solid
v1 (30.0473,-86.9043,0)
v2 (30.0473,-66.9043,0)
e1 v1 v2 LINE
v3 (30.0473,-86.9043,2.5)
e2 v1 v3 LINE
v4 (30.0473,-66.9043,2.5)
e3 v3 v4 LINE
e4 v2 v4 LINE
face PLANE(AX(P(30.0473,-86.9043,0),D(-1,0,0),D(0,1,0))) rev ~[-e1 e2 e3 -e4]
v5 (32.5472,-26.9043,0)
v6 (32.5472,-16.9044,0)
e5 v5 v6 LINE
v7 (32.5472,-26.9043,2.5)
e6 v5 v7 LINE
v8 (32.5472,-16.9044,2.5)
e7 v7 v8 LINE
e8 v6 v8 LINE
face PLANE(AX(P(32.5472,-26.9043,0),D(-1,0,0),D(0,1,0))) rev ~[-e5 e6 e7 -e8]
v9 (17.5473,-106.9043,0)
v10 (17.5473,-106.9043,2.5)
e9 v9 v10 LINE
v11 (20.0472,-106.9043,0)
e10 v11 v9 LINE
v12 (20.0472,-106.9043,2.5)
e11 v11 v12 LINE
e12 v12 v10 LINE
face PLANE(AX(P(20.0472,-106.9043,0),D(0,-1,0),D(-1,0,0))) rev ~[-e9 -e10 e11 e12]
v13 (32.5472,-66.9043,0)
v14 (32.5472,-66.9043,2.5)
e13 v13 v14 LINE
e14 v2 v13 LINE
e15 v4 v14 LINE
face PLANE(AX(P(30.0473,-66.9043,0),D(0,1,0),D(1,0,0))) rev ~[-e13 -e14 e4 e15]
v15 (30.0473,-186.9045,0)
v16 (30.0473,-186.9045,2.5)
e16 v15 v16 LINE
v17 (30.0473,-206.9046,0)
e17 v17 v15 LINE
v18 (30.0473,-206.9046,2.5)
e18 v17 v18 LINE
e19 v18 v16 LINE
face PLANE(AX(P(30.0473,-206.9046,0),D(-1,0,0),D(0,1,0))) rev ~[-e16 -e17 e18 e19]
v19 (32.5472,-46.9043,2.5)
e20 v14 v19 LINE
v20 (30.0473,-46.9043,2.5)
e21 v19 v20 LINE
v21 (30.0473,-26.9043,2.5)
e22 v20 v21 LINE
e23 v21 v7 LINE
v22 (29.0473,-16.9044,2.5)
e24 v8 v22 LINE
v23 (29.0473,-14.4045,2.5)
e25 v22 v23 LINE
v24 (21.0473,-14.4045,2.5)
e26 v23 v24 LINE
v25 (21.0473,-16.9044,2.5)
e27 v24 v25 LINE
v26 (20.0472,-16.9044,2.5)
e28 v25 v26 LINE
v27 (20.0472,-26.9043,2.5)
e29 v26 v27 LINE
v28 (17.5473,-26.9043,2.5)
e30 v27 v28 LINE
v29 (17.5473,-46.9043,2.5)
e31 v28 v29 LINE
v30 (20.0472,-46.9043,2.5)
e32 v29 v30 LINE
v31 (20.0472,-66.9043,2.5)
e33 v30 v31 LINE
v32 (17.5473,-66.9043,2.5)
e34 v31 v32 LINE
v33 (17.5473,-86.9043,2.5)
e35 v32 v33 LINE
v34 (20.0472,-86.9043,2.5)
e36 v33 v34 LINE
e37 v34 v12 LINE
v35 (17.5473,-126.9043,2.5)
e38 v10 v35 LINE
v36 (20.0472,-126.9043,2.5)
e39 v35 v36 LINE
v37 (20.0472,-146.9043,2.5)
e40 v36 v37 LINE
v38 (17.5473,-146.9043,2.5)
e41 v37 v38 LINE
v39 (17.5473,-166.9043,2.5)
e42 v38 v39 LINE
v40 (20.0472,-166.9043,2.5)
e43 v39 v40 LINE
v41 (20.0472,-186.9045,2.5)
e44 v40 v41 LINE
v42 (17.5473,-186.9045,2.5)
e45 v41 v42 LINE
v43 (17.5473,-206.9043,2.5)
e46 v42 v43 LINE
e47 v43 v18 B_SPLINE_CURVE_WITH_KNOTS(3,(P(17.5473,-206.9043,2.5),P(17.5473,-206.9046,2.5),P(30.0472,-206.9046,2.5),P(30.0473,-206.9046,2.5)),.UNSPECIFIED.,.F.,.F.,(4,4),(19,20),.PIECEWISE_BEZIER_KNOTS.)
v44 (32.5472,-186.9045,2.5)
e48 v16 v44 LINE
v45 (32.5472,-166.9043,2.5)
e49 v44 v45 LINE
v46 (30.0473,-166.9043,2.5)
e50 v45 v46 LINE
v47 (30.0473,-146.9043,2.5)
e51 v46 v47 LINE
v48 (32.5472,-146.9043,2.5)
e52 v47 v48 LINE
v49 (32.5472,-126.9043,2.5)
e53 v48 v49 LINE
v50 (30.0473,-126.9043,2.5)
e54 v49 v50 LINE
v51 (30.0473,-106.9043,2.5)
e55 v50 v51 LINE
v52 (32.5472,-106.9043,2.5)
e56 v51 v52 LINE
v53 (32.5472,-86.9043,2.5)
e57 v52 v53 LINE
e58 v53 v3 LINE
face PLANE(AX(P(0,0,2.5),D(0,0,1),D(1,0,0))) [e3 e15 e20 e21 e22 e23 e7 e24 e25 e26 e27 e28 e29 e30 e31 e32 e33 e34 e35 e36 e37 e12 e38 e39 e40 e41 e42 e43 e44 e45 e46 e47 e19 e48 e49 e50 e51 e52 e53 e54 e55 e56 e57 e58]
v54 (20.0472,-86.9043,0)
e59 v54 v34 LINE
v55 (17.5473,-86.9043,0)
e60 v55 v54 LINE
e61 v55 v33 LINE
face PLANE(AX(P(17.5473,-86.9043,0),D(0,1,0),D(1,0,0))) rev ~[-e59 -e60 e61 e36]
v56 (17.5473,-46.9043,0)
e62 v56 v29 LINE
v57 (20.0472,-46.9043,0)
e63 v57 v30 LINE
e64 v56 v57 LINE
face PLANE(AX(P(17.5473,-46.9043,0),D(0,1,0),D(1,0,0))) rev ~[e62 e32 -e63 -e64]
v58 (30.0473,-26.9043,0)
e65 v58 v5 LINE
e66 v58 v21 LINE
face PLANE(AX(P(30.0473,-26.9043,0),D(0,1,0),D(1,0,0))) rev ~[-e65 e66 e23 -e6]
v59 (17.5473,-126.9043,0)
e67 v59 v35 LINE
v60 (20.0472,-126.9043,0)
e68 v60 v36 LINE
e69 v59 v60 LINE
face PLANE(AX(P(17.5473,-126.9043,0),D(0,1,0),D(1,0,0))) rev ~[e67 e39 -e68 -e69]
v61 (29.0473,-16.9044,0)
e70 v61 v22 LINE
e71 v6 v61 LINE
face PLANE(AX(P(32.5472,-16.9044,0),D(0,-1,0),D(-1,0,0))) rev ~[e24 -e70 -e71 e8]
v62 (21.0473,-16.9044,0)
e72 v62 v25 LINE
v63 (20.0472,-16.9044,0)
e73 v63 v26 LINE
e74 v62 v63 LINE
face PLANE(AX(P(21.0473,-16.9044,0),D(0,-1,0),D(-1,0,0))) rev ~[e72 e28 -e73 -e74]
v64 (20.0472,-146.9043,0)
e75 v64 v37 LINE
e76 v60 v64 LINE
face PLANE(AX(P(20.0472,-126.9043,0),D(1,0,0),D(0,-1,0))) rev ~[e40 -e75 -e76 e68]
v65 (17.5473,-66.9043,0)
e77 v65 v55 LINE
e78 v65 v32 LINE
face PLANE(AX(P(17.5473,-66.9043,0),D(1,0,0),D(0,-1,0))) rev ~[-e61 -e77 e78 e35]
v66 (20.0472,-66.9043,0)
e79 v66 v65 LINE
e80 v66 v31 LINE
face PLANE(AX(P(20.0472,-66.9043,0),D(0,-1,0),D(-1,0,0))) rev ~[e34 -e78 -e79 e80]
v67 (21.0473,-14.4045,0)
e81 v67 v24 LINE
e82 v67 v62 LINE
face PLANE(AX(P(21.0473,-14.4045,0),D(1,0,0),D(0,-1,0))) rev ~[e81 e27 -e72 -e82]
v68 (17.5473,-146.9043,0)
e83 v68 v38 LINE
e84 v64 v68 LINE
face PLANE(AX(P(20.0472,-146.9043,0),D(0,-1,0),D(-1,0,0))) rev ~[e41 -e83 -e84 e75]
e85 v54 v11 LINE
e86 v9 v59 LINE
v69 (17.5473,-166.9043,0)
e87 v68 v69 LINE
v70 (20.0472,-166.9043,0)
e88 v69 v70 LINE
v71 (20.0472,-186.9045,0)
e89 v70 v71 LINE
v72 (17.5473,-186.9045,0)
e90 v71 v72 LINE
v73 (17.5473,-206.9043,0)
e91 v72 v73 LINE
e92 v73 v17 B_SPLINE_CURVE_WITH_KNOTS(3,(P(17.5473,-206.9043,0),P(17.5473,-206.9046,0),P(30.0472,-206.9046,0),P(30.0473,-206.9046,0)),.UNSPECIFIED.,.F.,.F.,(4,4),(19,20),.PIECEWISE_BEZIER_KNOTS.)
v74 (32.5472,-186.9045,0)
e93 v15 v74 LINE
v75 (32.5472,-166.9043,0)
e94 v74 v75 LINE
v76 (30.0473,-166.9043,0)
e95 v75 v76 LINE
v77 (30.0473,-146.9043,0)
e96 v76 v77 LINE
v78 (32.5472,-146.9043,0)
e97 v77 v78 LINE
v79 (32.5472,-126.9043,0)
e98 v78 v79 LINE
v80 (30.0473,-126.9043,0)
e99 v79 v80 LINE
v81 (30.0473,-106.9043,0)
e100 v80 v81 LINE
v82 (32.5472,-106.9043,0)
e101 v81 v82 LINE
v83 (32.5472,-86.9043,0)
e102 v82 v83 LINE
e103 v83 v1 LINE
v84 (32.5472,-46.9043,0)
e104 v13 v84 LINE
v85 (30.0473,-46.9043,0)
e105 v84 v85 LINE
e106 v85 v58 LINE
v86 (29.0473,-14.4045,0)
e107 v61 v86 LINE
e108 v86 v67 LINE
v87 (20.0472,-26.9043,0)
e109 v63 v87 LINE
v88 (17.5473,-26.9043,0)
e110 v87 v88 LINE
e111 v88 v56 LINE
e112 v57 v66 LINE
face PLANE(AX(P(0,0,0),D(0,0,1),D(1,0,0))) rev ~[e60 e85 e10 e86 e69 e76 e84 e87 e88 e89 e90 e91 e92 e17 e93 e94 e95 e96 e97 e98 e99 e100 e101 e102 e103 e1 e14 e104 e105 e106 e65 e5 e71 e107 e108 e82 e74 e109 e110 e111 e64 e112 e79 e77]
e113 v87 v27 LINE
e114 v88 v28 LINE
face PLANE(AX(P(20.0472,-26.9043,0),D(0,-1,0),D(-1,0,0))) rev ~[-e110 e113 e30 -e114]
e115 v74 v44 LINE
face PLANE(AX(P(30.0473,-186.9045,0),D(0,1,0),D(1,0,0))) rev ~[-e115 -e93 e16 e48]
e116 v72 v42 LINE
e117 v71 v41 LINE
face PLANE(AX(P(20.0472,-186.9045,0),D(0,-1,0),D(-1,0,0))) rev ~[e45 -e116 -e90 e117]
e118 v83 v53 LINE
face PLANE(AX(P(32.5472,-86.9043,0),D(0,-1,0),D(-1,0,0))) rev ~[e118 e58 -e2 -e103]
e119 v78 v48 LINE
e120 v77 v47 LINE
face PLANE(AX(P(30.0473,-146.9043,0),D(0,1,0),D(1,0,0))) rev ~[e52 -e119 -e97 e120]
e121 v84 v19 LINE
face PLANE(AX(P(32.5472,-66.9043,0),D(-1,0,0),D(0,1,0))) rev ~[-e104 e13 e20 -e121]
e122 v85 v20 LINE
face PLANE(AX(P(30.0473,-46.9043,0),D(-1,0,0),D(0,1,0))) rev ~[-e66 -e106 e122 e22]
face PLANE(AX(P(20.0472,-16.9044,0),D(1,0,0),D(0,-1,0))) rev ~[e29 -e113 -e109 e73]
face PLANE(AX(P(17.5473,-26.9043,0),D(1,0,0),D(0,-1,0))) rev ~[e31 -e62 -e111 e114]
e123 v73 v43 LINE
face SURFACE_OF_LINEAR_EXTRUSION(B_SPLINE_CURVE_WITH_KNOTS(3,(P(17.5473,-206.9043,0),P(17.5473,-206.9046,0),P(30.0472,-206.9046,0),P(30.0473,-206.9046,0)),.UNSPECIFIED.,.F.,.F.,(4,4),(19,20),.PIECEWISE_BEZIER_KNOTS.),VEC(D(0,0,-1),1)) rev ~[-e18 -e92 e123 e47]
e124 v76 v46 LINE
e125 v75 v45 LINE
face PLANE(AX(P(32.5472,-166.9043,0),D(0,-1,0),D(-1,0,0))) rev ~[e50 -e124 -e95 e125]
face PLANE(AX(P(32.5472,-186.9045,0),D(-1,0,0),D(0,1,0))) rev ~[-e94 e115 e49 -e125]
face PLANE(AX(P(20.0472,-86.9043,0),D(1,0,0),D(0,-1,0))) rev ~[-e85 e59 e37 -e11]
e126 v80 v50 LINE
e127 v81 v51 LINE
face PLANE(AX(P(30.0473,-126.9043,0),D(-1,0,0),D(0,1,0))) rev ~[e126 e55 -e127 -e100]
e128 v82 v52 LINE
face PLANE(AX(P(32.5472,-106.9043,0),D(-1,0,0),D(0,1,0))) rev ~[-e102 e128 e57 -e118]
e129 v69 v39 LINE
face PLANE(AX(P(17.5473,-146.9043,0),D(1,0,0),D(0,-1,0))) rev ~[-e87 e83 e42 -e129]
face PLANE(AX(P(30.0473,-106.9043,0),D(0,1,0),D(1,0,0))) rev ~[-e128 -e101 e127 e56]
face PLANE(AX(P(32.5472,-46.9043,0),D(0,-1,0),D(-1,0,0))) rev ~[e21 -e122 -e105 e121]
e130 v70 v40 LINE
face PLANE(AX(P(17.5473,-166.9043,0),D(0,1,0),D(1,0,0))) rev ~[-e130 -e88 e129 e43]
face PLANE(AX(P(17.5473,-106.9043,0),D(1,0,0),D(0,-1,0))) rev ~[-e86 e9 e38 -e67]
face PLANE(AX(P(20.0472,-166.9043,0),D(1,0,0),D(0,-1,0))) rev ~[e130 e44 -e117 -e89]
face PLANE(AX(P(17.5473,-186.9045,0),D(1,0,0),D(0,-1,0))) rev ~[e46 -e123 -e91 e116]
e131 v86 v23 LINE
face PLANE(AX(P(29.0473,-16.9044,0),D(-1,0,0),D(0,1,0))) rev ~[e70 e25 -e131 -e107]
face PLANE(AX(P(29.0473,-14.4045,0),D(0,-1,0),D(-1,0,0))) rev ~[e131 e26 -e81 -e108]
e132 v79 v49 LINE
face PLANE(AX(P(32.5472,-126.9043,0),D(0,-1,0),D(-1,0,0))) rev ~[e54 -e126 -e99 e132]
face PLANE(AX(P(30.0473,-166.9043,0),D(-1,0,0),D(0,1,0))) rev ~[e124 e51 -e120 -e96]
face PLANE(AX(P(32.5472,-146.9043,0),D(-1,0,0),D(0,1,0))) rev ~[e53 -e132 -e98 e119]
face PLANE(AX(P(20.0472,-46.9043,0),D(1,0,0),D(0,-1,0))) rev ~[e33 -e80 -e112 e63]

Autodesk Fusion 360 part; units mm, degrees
sketch "スケッチ1" plane through (0, 0, 0) normal (0, 0, 1) x (1, 0, 0)
  line L0 (20.0472, -16.9044) -> (20.0472, -26.9043)
  line L1 (20.0472, -26.9043) -> (17.5473, -26.9043)
  line L2 (17.5473, -26.9043) -> (17.5473, -46.9043)
  line L3 (17.5473, -46.9043) -> (20.0472, -46.9043)
  line L4 (20.0472, -46.9043) -> (20.0472, -66.9043)
  line L5 (20.0472, -66.9043) -> (17.5473, -66.9043)
  line L6 (17.5473, -66.9043) -> (17.5473, -86.9043)
  line L7 (17.5473, -86.9043) -> (20.0472, -86.9043)
  line L8 (20.0472, -86.9043) -> (20.0472, -106.9043)
  line L9 (20.0472, -106.9043) -> (17.5473, -106.9043)
  line L10 (17.5473, -106.9043) -> (17.5473, -126.9043)
  line L11 (17.5473, -126.9043) -> (20.0472, -126.9043)
  line L12 (20.0472, -126.9043) -> (20.0472, -146.9043)
  line L13 (20.0472, -146.9043) -> (17.5473, -146.9043)
  line L14 (17.5473, -146.9043) -> (17.5473, -166.9043)
  line L15 (17.5473, -166.9043) -> (20.0472, -166.9043)
  line L16 (20.0472, -166.9043) -> (20.0472, -186.9045)
  line L17 (20.0472, -186.9045) -> (17.5473, -186.9045)
  line L18 (17.5473, -186.9045) -> (17.5473, -206.9043)
  spline S0 degree 3 poles (17.5473, -206.9043) (17.5473, -206.9046) (30.0472, -206.9046) (30.0473, -206.9046) knots 19 19 19 19 20 20 20 20
  line L19 (30.0473, -206.9046) -> (30.0473, -186.9045)
  line L20 (30.0473, -186.9045) -> (32.5472, -186.9045)
  line L21 (32.5472, -186.9045) -> (32.5472, -166.9043)
  line L22 (32.5472, -166.9043) -> (30.0473, -166.9043)
  line L23 (30.0473, -166.9043) -> (30.0473, -146.9043)
  line L24 (30.0473, -146.9043) -> (32.5472, -146.9043)
  line L25 (32.5472, -146.9043) -> (32.5472, -126.9043)
  line L26 (32.5472, -126.9043) -> (30.0473, -126.9043)
  line L27 (30.0473, -126.9043) -> (30.0473, -106.9043)
  line L28 (30.0473, -106.9043) -> (32.5472, -106.9043)
  line L29 (32.5472, -106.9043) -> (32.5472, -86.9043)
  line L30 (32.5472, -86.9043) -> (30.0473, -86.9043)
  line L31 (30.0473, -86.9043) -> (30.0473, -66.9043)
  line L32 (30.0473, -66.9043) -> (32.5472, -66.9043)
  line L33 (32.5472, -66.9043) -> (32.5472, -46.9043)
  line L34 (32.5472, -46.9043) -> (30.0473, -46.9043)
  line L35 (30.0473, -46.9043) -> (30.0473, -26.9043)
  line L36 (30.0473, -26.9043) -> (32.5472, -26.9043)
  line L37 (32.5472, -26.9043) -> (32.5472, -16.9044)
  line L38 (32.5472, -16.9044) -> (29.0473, -16.9044)
  line L39 (29.0473, -16.9044) -> (29.0473, -14.4045)
  line L40 (29.0473, -14.4045) -> (21.0473, -14.4045)
  line L41 (21.0473, -14.4045) -> (21.0473, -16.9044)
  line L42 (21.0473, -16.9044) -> (20.0472, -16.9044)
extrude "押し出し1" add sketch "スケッチ1" along normal blind 2.5
